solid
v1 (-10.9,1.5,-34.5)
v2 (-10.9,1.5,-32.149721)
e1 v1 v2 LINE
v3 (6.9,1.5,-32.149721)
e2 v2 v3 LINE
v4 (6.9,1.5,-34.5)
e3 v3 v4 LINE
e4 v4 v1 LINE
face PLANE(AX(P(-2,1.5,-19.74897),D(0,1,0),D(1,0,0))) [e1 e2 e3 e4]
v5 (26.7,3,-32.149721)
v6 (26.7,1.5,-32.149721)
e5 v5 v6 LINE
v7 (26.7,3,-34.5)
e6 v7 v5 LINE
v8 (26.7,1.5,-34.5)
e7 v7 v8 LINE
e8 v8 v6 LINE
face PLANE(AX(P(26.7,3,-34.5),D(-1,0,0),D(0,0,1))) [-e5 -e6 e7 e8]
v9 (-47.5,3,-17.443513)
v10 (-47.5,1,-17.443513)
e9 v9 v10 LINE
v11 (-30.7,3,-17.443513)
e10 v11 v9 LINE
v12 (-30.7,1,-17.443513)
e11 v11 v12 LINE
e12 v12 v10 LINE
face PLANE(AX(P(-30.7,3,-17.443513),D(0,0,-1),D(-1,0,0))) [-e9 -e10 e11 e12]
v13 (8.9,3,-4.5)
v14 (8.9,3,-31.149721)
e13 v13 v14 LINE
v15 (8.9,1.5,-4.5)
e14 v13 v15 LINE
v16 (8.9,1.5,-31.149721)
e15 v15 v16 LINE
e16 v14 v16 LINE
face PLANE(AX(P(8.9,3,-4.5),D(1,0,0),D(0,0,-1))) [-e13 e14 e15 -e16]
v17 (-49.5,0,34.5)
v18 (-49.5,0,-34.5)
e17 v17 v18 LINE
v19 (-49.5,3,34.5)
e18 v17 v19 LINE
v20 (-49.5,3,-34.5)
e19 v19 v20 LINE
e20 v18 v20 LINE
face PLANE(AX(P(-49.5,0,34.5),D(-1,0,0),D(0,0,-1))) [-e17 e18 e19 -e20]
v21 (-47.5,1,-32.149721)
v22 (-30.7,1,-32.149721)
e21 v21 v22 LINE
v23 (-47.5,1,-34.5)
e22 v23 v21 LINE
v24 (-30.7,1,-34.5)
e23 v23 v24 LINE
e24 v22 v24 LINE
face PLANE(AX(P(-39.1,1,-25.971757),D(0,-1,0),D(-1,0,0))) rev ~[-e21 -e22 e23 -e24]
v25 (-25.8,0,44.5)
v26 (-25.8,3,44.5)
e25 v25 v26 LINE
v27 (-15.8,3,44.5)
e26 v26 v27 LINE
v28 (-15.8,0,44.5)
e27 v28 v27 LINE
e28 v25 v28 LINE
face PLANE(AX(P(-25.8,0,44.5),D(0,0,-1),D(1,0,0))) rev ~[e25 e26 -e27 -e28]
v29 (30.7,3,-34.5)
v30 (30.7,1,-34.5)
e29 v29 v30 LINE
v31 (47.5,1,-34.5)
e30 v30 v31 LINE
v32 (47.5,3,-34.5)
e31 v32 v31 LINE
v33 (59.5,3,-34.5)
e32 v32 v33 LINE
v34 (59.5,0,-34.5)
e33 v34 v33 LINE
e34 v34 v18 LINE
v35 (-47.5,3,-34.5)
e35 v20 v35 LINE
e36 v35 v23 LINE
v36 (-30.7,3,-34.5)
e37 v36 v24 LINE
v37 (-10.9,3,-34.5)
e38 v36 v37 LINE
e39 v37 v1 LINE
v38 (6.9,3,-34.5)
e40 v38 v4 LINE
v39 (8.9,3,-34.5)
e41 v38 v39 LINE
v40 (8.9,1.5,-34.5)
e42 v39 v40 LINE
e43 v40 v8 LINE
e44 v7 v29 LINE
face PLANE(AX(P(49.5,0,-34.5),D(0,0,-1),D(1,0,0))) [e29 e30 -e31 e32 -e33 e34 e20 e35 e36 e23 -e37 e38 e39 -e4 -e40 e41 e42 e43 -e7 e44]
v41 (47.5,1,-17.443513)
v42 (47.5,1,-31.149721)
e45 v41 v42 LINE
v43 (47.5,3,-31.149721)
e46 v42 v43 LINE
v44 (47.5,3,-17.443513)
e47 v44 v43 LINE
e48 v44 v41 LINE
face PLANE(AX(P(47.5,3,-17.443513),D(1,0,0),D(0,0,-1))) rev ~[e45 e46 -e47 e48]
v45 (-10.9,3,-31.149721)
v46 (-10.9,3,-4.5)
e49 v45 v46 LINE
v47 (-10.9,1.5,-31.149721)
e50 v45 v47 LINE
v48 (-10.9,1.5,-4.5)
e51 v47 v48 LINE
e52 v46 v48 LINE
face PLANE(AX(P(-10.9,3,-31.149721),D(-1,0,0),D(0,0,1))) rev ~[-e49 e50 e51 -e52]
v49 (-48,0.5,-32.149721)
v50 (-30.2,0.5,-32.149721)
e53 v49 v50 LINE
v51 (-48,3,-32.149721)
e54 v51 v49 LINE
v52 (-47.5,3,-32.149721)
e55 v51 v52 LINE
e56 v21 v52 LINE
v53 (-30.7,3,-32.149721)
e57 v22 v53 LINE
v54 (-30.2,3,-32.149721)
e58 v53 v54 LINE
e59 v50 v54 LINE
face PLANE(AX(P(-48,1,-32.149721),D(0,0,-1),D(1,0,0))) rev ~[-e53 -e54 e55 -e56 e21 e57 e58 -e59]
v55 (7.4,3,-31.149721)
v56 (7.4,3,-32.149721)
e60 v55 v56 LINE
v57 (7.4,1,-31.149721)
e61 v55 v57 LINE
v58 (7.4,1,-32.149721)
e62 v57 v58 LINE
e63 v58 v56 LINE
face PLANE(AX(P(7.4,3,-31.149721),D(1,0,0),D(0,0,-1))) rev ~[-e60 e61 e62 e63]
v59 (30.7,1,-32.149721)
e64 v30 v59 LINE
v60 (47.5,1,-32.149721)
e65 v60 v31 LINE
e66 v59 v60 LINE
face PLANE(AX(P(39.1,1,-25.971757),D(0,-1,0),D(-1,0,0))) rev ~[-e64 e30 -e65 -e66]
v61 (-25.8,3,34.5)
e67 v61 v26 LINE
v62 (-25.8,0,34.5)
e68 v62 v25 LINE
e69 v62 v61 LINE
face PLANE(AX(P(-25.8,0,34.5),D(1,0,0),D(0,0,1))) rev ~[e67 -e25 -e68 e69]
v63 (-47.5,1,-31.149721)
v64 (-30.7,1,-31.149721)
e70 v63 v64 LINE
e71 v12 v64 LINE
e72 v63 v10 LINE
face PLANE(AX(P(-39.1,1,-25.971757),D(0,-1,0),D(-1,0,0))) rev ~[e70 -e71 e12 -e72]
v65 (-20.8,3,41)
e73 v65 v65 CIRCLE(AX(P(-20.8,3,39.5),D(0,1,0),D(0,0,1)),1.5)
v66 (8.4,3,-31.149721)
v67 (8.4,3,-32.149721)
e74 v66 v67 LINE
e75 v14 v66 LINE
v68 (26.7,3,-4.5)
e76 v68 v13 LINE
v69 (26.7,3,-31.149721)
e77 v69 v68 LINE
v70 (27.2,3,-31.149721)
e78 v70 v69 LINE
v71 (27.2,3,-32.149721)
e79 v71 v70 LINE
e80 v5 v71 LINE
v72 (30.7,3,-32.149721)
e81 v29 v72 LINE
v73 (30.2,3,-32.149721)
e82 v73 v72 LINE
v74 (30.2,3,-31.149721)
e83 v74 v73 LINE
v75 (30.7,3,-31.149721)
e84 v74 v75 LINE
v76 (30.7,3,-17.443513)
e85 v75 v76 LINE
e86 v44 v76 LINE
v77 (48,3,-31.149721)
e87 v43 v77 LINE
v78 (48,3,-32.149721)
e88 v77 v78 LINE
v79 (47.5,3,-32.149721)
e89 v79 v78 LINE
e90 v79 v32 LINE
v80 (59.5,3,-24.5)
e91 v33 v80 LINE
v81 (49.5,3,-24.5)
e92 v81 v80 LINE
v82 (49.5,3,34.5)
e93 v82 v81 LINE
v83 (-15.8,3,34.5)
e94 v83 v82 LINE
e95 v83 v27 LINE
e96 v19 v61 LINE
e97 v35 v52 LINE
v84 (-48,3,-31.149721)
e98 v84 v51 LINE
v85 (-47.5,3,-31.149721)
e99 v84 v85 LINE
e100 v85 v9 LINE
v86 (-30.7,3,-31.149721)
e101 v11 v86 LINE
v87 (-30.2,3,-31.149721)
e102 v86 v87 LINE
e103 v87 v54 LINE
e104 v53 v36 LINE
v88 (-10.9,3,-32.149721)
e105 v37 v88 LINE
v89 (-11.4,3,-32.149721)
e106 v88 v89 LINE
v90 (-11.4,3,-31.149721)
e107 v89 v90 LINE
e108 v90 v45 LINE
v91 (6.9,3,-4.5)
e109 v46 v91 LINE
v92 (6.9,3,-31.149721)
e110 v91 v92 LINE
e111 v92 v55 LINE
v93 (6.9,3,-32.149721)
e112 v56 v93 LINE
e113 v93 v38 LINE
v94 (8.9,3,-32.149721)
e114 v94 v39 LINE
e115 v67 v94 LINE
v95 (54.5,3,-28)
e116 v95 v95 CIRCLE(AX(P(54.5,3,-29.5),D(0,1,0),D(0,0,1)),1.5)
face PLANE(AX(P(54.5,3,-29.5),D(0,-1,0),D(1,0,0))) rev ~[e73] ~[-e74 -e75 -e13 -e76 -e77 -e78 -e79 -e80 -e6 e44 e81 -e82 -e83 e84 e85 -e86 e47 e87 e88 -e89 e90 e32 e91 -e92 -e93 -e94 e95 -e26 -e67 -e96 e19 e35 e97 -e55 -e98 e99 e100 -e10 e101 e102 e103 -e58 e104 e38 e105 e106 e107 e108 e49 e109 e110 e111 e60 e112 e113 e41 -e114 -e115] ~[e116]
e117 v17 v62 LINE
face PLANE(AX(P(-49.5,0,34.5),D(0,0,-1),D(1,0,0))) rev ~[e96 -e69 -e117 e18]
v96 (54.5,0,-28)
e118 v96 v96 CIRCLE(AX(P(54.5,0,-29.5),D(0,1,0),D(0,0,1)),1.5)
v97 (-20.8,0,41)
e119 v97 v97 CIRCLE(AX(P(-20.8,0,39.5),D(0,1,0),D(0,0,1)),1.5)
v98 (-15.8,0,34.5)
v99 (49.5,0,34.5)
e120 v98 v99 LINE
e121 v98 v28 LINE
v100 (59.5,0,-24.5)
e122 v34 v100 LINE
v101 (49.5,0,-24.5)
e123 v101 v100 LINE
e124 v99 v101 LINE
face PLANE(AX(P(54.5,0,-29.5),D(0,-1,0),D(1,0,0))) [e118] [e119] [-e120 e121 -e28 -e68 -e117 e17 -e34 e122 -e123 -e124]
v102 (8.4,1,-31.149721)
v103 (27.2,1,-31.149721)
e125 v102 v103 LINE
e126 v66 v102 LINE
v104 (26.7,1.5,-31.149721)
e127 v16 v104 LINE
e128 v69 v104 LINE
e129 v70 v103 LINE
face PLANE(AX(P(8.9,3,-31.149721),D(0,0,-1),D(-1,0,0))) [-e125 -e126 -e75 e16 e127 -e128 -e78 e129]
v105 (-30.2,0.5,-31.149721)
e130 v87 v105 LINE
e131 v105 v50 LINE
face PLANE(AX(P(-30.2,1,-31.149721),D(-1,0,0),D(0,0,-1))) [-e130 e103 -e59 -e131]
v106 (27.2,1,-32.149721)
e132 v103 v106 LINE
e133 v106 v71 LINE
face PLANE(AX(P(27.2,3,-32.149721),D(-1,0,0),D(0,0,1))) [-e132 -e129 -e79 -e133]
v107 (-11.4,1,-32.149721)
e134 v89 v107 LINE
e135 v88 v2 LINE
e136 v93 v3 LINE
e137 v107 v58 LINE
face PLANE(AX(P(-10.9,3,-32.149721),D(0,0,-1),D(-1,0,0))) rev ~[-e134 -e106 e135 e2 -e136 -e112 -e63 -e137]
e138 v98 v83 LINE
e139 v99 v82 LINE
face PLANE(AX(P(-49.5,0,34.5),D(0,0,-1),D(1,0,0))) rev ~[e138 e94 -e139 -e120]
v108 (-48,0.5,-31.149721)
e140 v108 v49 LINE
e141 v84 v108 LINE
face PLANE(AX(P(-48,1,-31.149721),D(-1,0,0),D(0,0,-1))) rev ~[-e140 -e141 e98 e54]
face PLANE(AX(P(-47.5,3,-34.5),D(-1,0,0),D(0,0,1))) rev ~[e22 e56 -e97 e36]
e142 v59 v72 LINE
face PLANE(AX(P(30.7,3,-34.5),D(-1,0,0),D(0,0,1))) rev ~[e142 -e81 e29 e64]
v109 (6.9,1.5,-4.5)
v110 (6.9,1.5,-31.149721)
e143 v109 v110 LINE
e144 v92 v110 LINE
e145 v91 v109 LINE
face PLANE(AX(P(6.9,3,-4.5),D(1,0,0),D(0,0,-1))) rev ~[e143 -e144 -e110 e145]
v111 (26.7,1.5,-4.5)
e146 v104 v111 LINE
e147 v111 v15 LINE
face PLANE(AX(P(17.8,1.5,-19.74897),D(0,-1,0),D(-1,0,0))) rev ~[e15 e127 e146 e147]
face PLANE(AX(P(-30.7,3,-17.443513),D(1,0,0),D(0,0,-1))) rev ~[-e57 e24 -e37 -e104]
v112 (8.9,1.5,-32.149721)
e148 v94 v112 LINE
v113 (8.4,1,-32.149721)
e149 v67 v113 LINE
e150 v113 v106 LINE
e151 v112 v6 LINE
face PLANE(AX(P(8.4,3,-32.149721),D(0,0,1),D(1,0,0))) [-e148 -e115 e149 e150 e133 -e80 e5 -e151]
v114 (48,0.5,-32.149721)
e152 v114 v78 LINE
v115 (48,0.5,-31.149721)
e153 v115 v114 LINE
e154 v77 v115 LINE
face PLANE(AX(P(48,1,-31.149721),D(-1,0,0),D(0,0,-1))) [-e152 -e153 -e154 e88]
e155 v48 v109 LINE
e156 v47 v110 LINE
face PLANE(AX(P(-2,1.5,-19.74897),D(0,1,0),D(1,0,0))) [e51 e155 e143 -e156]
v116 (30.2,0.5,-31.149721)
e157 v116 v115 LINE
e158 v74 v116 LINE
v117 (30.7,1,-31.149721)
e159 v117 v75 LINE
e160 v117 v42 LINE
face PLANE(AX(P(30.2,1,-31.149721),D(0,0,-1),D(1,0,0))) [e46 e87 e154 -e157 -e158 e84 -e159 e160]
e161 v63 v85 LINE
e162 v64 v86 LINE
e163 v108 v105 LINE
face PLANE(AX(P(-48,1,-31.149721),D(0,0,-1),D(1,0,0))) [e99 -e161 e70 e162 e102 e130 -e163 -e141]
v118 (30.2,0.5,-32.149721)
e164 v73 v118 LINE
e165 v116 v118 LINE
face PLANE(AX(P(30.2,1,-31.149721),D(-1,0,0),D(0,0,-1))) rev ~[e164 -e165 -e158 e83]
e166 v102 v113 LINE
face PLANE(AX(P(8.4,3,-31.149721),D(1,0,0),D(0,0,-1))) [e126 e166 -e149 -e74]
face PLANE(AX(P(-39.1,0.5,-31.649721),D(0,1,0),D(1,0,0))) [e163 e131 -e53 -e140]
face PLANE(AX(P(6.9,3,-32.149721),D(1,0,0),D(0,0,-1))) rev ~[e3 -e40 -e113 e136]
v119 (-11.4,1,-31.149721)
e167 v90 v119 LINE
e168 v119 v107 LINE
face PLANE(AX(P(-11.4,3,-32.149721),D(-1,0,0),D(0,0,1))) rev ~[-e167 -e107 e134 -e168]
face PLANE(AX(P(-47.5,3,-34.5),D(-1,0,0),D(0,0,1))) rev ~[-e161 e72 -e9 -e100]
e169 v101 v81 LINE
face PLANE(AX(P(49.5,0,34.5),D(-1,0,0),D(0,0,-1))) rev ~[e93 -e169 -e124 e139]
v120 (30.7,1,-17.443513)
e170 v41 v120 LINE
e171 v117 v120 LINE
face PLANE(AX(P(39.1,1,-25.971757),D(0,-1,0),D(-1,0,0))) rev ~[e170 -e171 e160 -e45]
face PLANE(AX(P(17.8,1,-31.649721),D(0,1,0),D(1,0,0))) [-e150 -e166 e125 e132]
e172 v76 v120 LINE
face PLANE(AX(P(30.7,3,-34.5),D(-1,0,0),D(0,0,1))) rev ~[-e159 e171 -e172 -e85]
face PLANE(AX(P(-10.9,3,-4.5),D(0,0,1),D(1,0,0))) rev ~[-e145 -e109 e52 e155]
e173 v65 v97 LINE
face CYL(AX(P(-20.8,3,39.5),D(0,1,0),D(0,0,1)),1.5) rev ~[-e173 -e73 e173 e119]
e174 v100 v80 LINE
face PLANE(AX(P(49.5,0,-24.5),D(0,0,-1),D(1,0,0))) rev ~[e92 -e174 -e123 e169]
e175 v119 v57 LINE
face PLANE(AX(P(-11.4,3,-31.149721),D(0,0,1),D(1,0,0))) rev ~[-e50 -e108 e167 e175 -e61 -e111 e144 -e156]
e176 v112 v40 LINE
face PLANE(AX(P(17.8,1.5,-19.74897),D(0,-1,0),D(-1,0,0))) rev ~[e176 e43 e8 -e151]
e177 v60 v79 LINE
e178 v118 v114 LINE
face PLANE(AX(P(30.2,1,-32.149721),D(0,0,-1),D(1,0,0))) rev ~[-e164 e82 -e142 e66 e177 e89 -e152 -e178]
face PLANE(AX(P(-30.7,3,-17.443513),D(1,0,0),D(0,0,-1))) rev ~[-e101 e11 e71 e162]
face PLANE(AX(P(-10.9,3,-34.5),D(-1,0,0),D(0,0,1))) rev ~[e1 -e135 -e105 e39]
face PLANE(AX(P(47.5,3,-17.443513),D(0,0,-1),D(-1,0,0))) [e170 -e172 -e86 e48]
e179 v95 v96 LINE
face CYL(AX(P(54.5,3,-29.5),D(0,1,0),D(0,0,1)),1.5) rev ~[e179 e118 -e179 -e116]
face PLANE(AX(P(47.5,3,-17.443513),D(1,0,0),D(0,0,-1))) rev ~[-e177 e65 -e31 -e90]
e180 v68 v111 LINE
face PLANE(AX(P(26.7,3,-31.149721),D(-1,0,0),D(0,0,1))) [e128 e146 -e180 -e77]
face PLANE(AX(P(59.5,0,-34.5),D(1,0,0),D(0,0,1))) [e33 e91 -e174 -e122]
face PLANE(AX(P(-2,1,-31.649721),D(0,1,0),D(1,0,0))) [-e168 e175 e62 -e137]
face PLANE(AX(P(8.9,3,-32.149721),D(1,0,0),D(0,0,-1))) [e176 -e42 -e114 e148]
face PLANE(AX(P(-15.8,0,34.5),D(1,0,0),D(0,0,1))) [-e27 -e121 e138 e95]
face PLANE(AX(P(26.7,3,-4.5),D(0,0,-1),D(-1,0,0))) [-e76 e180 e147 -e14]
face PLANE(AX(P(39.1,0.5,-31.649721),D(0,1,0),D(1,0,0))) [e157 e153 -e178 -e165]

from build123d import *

# Parameters (mm, degrees)
SKETCH1_W           = 99
SKETCH1_H           = 69
BOSS_EXTRUDE1_DEPTH = 3
CUT_EXTRUDE1_DEPTH  = 2
SKETCH6_W           = 0.5
SKETCH6_H           = 1
CUT_EXTRUDE3_DEPTH  = 2
SKETCH5_W           = 17.8
SKETCH5_H           = 1
CUT_EXTRUDE2_DEPTH  = 0.5
CUT_EXTRUDE4_DEPTH  = 1.5
SKETCH8_W           = 18.8
SKETCH8_H           = 1
CUT_EXTRUDE5_DEPTH  = 0.5
SKETCH9_W           = 10
SKETCH9_H           = 10
BOSS_EXTRUDE2_DEPTH = 3
SKETCH10_R          = 1.5
CUT_EXTRUDE6_DEPTH  = 3


with BuildPart() as part:
    # Sketch1 → Boss-Extrude1 (new body)
    with BuildSketch(Plane(origin=(0, 0, 0), x_dir=(1, 0, 0), z_dir=(0, 1, 0))):
        Rectangle(SKETCH1_W, SKETCH1_H)
    extrude(amount=BOSS_EXTRUDE1_DEPTH)

    # Sketch4 → Cut-Extrude1 (cut)
    with BuildSketch(Plane(origin=(0, 3, 0), x_dir=(1, 0, 0), z_dir=(0, 1, 0))):
        Polygon((47.5, 31.149720819), (47.5, 17.443513176), (30.7, 17.443513176), (30.7, 31.149720819), (30.7, 34.5), (47.5, 34.5), align=None)
        Polygon((-47.5, 17.443513176), (-47.5, 31.149720819), (-47.5, 34.5), (-30.7, 34.5), (-30.7, 31.149720819), (-30.7, 17.443513176), align=None)
    extrude(amount=-CUT_EXTRUDE1_DEPTH, mode=Mode.SUBTRACT)

    # Sketch6 → Cut-Extrude3 (cut)
    with BuildSketch(Plane(origin=(0, 1, 0), x_dir=(1, 0, 0), z_dir=(0, 1, 0))):
        with Locations((-47.75, 31.649720819)):
            Rectangle(SKETCH6_W, SKETCH6_H)
        with Locations((-30.45, 31.649720819)):
            Rectangle(SKETCH6_W, SKETCH6_H)
        with Locations((47.75, 31.649720819)):
            Rectangle(SKETCH6_W, SKETCH6_H)
        with Locations((30.45, 31.649720819)):
            Rectangle(SKETCH6_W, SKETCH6_H)
    extrude(amount=CUT_EXTRUDE3_DEPTH, mode=Mode.SUBTRACT)

    # Sketch5 → Cut-Extrude2 (cut)
    with BuildSketch(Plane(origin=(0, 1, 0), x_dir=(1, 0, 0), z_dir=(0, 1, 0))):
        with Locations((39.1, 31.649720819)):
            Rectangle(SKETCH5_W, SKETCH5_H)
        with Locations((-39.1, 31.649720819)):
            Rectangle(SKETCH5_W, SKETCH5_H)
    extrude(amount=-CUT_EXTRUDE2_DEPTH, mode=Mode.SUBTRACT)

    # Sketch7 → Cut-Extrude4 (cut)
    with BuildSketch(Plane(origin=(0, 3, 0), x_dir=(1, 0, 0), z_dir=(0, 1, 0))):
        Polygon((-10.9, 31.149720819), (-10.9, 4.5), (6.9, 4.5), (6.9, 31.149720819), (7.4, 31.149720819), (7.4, 32.149720819), (6.9, 32.149720819), (6.9, 34.5), (-10.9, 34.5), (-10.9, 32.149720819), (-11.4, 32.149720819), (-11.4, 31.149720819), align=None)
        Polygon((8.9, 34.5), (26.7, 34.5), (26.7, 32.149720819), (27.2, 32.149720819), (27.2, 31.149720819), (26.7, 31.149720819), (26.7, 4.5), (8.9, 4.5), (8.9, 31.149720819), (8.4, 31.149720819), (8.4, 32.149720819), (8.9, 32.149720819), align=None)
    extrude(amount=-CUT_EXTRUDE4_DEPTH, mode=Mode.SUBTRACT)

    # Sketch8 → Cut-Extrude5 (cut)
    with BuildSketch(Plane(origin=(0, 1.5, 0), x_dir=(1, 0, 0), z_dir=(0, 1, 0))):
        with Locations((-2, 31.649720819)):
            Rectangle(SKETCH8_W, SKETCH8_H)
        with Locations((17.8, 31.649720819)):
            Rectangle(SKETCH8_W, SKETCH8_H)
    extrude(amount=-CUT_EXTRUDE5_DEPTH, mode=Mode.SUBTRACT)

    # Sketch9 → Boss-Extrude2 (add)
    with BuildSketch(Plane.XZ):
        with Locations((-20.8, 39.5)):
            Rectangle(SKETCH9_W, SKETCH9_H)
        with Locations((54.5, -29.5)):
            Rectangle(SKETCH9_W, SKETCH9_H)
    extrude(amount=-BOSS_EXTRUDE2_DEPTH)

    # Sketch10 → Cut-Extrude6 (cut)
    with BuildSketch(Plane(origin=(0, 3, 0), x_dir=(1, 0, 0), z_dir=(0, 1, 0))):
        with Locations(Location((-20.8, -39.5, 0), (0, 0, 270))):
            Circle(SKETCH10_R)
        with Locations(Location((54.5, 29.5, 0), (0, 0, 270))):
            Circle(SKETCH10_R)
    extrude(amount=-CUT_EXTRUDE6_DEPTH, mode=Mode.SUBTRACT)


solid = part.part
